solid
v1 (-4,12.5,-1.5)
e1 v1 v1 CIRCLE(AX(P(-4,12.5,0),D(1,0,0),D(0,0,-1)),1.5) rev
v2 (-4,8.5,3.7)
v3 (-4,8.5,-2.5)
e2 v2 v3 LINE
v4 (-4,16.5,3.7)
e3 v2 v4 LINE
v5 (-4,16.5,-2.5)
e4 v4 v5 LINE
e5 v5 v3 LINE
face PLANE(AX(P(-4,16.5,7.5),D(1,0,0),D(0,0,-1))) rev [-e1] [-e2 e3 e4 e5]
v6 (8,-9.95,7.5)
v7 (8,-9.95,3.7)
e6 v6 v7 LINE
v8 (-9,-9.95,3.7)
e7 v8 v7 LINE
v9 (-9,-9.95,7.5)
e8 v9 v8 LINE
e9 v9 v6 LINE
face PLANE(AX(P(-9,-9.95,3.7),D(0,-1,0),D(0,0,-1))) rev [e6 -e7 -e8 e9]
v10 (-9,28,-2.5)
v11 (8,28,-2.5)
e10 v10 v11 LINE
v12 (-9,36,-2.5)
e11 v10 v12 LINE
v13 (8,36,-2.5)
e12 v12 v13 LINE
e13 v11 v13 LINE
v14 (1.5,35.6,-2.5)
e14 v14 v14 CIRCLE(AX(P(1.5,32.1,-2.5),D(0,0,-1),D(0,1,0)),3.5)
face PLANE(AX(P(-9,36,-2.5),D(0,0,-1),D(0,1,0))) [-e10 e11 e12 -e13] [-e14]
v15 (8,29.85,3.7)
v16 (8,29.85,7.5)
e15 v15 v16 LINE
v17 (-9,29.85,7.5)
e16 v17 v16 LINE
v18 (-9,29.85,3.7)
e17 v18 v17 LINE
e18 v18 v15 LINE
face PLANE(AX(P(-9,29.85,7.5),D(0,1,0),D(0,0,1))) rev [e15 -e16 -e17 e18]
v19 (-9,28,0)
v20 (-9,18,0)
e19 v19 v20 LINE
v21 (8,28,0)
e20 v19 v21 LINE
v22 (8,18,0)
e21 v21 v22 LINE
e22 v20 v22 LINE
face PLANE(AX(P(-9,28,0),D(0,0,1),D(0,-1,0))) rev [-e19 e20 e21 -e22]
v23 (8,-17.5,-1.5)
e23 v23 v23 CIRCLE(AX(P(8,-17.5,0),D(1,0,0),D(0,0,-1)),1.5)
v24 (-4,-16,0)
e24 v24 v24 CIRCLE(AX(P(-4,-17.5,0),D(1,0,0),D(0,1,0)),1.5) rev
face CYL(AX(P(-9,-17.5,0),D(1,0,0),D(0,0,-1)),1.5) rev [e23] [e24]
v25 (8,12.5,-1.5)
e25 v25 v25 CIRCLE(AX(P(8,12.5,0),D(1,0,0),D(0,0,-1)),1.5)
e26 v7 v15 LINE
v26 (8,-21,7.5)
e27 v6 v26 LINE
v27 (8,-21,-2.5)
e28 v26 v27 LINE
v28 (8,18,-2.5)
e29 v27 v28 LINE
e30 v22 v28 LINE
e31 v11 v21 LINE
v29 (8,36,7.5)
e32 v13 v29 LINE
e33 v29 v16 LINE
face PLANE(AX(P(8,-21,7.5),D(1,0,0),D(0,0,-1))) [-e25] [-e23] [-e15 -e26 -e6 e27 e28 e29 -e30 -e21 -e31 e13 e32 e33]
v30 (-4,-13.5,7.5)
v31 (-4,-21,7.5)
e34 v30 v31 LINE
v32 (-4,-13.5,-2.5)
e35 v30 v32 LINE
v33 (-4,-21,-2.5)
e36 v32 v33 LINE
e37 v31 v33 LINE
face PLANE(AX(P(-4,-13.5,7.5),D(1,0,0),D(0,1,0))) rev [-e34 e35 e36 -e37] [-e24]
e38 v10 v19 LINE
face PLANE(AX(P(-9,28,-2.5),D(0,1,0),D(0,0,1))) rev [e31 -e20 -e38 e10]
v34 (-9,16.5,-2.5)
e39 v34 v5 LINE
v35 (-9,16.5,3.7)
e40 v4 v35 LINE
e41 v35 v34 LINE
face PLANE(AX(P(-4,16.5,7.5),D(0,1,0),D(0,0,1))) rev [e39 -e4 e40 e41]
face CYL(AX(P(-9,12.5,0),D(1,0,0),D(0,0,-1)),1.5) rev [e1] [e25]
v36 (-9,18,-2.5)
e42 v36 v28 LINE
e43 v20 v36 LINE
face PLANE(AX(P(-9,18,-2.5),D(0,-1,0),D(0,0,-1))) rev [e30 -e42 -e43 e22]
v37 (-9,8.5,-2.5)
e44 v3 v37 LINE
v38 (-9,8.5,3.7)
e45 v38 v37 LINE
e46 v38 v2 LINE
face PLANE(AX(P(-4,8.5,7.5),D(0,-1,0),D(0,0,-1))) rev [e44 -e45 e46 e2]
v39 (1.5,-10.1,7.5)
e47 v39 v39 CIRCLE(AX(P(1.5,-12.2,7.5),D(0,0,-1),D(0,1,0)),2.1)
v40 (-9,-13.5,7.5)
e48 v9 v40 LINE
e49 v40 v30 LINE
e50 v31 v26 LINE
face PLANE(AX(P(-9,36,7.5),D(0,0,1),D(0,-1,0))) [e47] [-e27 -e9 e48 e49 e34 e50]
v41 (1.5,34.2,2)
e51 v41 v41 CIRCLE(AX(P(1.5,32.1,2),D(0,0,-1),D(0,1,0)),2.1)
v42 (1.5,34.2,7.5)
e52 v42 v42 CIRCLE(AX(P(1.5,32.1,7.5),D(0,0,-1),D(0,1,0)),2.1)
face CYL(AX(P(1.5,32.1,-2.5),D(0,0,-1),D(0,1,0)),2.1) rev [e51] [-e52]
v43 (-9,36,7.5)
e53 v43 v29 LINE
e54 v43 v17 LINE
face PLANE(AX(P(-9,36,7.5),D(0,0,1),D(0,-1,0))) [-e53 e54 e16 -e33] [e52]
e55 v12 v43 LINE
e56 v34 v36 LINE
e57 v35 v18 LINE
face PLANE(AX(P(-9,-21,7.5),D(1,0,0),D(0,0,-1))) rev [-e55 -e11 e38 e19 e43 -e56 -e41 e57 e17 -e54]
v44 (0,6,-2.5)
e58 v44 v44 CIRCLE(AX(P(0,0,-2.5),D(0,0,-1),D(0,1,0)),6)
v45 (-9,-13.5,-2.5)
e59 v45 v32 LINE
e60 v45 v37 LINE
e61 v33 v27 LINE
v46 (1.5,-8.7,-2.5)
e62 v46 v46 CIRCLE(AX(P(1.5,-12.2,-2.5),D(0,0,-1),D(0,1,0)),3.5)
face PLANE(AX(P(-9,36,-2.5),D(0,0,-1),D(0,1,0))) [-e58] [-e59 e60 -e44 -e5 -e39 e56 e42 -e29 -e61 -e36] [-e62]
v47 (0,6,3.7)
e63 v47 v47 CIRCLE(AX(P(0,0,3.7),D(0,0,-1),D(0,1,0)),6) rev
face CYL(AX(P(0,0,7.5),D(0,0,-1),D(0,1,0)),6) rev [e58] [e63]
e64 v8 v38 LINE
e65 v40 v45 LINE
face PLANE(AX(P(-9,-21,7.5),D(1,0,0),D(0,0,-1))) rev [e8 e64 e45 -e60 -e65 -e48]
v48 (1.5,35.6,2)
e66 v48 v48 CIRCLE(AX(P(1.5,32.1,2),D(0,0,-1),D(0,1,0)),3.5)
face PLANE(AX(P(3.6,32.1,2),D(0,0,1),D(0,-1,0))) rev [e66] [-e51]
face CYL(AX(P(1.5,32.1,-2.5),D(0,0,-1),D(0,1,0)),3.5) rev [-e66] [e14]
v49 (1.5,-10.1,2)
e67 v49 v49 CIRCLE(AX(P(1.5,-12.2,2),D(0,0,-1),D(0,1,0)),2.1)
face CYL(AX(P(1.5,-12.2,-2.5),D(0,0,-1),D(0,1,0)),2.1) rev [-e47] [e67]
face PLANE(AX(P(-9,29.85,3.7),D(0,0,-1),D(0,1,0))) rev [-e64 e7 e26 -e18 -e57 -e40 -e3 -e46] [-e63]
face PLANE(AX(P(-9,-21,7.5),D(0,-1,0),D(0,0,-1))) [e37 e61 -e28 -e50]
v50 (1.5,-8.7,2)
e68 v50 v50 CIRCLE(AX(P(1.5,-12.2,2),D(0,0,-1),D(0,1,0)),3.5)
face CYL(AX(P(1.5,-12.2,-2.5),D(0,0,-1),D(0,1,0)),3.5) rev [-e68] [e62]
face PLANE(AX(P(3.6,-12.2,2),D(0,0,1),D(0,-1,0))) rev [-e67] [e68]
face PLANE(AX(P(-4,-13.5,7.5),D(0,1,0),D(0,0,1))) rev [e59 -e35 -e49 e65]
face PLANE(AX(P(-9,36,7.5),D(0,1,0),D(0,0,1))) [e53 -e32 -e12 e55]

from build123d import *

# Parameters (mm, degrees)
EXTRUSION1_DEPTH                                = 8
EXTRUSION1_DEPTH_BACK                           = 9
ESQUISSE1_W                                     = 10
ESQUISSE1_H                                     = 57
ESQUISSE1_R                                     = 1.5
ESQUISSE2_R                                     = 6
ESQUISSE2_W                                     = 5
ESQUISSE2_H                                     = 8
ESQUISSE2_H_2                                   = 7.5
ENL_V_MAT_EXTRU_1_DEPTH                         = 39.431757701
ESQUISSE3_W                                     = 3.8
ESQUISSE3_H                                     = 39.8
ESQUISSE3_W_2                                   = 2.5
ESQUISSE3_H_2                                   = 10
ENL_V_MAT_EXTRU_2_DEPTH                         = 41.512343798
CHAMBRAGE_POUR_VIS_T_TE_CYLINDRIQUE_D           = 4.2
CHAMBRAGE_POUR_VIS_T_TE_CYLINDRIQUE_CBORE_D     = 7
CHAMBRAGE_POUR_VIS_T_TE_CYLINDRIQUE_CBORE_DEPTH = 4.5


with BuildPart() as part:
    # Esquisse1 → Extrusion1 (new, two sides: drawn at the far end of the back side and taken through both)
    with BuildSketch(Plane(origin=(0, 0, 0), x_dir=(0, 0, -1), z_dir=(1, 0, 0)).offset(-EXTRUSION1_DEPTH_BACK)):
        with Locations((-2.5, 7.5)):
            Rectangle(ESQUISSE1_W, ESQUISSE1_H)
        with Locations((0, 12.5)):
            Circle(ESQUISSE1_R, mode=Mode.SUBTRACT)
        with Locations((0, -17.5)):
            Circle(ESQUISSE1_R, mode=Mode.SUBTRACT)
    extrude(amount=EXTRUSION1_DEPTH + EXTRUSION1_DEPTH_BACK)

    # Esquisse2 → Enlèv. mat.-Extru.1 (cut, through all)
    with BuildSketch(Plane(origin=(0, 0, -2.5), x_dir=(-1, 0, 0), z_dir=(0, 0, -1))):
        with Locations(Location((0, 0, 0), (0, 0, 90))):
            Circle(ESQUISSE2_R)
        with Locations((6.5, 12.5)):
            Rectangle(ESQUISSE2_W, ESQUISSE2_H)
        with Locations((6.5, -17.25)):
            Rectangle(ESQUISSE2_W, ESQUISSE2_H_2)
    extrude(amount=-ENL_V_MAT_EXTRU_1_DEPTH, mode=Mode.SUBTRACT)

    # Esquisse3 → Enlèv. mat.-Extru.2 (cut, through all)
    with BuildSketch(Plane(origin=(8, 0, 0), x_dir=(0, 0, -1), z_dir=(1, 0, 0))):
        with Locations((-5.6, 9.95)):
            Rectangle(ESQUISSE3_W, ESQUISSE3_H)
        with Locations((1.25, 23)):
            Rectangle(ESQUISSE3_W_2, ESQUISSE3_H_2)
    extrude(amount=-ENL_V_MAT_EXTRU_2_DEPTH, mode=Mode.SUBTRACT)

    # Chambrage pour vis à tête cylindrique à 6 pans creux (ou vis CHC) M46 (through all)
    with Locations(Plane(origin=(0, 0, -2.5), x_dir=(-1, 0, 0), z_dir=(0, 0, -1))):
        with Locations((-1.5, -12.2), (-1.5, 32.1)):
            CounterBoreHole(CHAMBRAGE_POUR_VIS_T_TE_CYLINDRIQUE_D / 2, CHAMBRAGE_POUR_VIS_T_TE_CYLINDRIQUE_CBORE_D / 2, CHAMBRAGE_POUR_VIS_T_TE_CYLINDRIQUE_CBORE_DEPTH)


solid = part.part
